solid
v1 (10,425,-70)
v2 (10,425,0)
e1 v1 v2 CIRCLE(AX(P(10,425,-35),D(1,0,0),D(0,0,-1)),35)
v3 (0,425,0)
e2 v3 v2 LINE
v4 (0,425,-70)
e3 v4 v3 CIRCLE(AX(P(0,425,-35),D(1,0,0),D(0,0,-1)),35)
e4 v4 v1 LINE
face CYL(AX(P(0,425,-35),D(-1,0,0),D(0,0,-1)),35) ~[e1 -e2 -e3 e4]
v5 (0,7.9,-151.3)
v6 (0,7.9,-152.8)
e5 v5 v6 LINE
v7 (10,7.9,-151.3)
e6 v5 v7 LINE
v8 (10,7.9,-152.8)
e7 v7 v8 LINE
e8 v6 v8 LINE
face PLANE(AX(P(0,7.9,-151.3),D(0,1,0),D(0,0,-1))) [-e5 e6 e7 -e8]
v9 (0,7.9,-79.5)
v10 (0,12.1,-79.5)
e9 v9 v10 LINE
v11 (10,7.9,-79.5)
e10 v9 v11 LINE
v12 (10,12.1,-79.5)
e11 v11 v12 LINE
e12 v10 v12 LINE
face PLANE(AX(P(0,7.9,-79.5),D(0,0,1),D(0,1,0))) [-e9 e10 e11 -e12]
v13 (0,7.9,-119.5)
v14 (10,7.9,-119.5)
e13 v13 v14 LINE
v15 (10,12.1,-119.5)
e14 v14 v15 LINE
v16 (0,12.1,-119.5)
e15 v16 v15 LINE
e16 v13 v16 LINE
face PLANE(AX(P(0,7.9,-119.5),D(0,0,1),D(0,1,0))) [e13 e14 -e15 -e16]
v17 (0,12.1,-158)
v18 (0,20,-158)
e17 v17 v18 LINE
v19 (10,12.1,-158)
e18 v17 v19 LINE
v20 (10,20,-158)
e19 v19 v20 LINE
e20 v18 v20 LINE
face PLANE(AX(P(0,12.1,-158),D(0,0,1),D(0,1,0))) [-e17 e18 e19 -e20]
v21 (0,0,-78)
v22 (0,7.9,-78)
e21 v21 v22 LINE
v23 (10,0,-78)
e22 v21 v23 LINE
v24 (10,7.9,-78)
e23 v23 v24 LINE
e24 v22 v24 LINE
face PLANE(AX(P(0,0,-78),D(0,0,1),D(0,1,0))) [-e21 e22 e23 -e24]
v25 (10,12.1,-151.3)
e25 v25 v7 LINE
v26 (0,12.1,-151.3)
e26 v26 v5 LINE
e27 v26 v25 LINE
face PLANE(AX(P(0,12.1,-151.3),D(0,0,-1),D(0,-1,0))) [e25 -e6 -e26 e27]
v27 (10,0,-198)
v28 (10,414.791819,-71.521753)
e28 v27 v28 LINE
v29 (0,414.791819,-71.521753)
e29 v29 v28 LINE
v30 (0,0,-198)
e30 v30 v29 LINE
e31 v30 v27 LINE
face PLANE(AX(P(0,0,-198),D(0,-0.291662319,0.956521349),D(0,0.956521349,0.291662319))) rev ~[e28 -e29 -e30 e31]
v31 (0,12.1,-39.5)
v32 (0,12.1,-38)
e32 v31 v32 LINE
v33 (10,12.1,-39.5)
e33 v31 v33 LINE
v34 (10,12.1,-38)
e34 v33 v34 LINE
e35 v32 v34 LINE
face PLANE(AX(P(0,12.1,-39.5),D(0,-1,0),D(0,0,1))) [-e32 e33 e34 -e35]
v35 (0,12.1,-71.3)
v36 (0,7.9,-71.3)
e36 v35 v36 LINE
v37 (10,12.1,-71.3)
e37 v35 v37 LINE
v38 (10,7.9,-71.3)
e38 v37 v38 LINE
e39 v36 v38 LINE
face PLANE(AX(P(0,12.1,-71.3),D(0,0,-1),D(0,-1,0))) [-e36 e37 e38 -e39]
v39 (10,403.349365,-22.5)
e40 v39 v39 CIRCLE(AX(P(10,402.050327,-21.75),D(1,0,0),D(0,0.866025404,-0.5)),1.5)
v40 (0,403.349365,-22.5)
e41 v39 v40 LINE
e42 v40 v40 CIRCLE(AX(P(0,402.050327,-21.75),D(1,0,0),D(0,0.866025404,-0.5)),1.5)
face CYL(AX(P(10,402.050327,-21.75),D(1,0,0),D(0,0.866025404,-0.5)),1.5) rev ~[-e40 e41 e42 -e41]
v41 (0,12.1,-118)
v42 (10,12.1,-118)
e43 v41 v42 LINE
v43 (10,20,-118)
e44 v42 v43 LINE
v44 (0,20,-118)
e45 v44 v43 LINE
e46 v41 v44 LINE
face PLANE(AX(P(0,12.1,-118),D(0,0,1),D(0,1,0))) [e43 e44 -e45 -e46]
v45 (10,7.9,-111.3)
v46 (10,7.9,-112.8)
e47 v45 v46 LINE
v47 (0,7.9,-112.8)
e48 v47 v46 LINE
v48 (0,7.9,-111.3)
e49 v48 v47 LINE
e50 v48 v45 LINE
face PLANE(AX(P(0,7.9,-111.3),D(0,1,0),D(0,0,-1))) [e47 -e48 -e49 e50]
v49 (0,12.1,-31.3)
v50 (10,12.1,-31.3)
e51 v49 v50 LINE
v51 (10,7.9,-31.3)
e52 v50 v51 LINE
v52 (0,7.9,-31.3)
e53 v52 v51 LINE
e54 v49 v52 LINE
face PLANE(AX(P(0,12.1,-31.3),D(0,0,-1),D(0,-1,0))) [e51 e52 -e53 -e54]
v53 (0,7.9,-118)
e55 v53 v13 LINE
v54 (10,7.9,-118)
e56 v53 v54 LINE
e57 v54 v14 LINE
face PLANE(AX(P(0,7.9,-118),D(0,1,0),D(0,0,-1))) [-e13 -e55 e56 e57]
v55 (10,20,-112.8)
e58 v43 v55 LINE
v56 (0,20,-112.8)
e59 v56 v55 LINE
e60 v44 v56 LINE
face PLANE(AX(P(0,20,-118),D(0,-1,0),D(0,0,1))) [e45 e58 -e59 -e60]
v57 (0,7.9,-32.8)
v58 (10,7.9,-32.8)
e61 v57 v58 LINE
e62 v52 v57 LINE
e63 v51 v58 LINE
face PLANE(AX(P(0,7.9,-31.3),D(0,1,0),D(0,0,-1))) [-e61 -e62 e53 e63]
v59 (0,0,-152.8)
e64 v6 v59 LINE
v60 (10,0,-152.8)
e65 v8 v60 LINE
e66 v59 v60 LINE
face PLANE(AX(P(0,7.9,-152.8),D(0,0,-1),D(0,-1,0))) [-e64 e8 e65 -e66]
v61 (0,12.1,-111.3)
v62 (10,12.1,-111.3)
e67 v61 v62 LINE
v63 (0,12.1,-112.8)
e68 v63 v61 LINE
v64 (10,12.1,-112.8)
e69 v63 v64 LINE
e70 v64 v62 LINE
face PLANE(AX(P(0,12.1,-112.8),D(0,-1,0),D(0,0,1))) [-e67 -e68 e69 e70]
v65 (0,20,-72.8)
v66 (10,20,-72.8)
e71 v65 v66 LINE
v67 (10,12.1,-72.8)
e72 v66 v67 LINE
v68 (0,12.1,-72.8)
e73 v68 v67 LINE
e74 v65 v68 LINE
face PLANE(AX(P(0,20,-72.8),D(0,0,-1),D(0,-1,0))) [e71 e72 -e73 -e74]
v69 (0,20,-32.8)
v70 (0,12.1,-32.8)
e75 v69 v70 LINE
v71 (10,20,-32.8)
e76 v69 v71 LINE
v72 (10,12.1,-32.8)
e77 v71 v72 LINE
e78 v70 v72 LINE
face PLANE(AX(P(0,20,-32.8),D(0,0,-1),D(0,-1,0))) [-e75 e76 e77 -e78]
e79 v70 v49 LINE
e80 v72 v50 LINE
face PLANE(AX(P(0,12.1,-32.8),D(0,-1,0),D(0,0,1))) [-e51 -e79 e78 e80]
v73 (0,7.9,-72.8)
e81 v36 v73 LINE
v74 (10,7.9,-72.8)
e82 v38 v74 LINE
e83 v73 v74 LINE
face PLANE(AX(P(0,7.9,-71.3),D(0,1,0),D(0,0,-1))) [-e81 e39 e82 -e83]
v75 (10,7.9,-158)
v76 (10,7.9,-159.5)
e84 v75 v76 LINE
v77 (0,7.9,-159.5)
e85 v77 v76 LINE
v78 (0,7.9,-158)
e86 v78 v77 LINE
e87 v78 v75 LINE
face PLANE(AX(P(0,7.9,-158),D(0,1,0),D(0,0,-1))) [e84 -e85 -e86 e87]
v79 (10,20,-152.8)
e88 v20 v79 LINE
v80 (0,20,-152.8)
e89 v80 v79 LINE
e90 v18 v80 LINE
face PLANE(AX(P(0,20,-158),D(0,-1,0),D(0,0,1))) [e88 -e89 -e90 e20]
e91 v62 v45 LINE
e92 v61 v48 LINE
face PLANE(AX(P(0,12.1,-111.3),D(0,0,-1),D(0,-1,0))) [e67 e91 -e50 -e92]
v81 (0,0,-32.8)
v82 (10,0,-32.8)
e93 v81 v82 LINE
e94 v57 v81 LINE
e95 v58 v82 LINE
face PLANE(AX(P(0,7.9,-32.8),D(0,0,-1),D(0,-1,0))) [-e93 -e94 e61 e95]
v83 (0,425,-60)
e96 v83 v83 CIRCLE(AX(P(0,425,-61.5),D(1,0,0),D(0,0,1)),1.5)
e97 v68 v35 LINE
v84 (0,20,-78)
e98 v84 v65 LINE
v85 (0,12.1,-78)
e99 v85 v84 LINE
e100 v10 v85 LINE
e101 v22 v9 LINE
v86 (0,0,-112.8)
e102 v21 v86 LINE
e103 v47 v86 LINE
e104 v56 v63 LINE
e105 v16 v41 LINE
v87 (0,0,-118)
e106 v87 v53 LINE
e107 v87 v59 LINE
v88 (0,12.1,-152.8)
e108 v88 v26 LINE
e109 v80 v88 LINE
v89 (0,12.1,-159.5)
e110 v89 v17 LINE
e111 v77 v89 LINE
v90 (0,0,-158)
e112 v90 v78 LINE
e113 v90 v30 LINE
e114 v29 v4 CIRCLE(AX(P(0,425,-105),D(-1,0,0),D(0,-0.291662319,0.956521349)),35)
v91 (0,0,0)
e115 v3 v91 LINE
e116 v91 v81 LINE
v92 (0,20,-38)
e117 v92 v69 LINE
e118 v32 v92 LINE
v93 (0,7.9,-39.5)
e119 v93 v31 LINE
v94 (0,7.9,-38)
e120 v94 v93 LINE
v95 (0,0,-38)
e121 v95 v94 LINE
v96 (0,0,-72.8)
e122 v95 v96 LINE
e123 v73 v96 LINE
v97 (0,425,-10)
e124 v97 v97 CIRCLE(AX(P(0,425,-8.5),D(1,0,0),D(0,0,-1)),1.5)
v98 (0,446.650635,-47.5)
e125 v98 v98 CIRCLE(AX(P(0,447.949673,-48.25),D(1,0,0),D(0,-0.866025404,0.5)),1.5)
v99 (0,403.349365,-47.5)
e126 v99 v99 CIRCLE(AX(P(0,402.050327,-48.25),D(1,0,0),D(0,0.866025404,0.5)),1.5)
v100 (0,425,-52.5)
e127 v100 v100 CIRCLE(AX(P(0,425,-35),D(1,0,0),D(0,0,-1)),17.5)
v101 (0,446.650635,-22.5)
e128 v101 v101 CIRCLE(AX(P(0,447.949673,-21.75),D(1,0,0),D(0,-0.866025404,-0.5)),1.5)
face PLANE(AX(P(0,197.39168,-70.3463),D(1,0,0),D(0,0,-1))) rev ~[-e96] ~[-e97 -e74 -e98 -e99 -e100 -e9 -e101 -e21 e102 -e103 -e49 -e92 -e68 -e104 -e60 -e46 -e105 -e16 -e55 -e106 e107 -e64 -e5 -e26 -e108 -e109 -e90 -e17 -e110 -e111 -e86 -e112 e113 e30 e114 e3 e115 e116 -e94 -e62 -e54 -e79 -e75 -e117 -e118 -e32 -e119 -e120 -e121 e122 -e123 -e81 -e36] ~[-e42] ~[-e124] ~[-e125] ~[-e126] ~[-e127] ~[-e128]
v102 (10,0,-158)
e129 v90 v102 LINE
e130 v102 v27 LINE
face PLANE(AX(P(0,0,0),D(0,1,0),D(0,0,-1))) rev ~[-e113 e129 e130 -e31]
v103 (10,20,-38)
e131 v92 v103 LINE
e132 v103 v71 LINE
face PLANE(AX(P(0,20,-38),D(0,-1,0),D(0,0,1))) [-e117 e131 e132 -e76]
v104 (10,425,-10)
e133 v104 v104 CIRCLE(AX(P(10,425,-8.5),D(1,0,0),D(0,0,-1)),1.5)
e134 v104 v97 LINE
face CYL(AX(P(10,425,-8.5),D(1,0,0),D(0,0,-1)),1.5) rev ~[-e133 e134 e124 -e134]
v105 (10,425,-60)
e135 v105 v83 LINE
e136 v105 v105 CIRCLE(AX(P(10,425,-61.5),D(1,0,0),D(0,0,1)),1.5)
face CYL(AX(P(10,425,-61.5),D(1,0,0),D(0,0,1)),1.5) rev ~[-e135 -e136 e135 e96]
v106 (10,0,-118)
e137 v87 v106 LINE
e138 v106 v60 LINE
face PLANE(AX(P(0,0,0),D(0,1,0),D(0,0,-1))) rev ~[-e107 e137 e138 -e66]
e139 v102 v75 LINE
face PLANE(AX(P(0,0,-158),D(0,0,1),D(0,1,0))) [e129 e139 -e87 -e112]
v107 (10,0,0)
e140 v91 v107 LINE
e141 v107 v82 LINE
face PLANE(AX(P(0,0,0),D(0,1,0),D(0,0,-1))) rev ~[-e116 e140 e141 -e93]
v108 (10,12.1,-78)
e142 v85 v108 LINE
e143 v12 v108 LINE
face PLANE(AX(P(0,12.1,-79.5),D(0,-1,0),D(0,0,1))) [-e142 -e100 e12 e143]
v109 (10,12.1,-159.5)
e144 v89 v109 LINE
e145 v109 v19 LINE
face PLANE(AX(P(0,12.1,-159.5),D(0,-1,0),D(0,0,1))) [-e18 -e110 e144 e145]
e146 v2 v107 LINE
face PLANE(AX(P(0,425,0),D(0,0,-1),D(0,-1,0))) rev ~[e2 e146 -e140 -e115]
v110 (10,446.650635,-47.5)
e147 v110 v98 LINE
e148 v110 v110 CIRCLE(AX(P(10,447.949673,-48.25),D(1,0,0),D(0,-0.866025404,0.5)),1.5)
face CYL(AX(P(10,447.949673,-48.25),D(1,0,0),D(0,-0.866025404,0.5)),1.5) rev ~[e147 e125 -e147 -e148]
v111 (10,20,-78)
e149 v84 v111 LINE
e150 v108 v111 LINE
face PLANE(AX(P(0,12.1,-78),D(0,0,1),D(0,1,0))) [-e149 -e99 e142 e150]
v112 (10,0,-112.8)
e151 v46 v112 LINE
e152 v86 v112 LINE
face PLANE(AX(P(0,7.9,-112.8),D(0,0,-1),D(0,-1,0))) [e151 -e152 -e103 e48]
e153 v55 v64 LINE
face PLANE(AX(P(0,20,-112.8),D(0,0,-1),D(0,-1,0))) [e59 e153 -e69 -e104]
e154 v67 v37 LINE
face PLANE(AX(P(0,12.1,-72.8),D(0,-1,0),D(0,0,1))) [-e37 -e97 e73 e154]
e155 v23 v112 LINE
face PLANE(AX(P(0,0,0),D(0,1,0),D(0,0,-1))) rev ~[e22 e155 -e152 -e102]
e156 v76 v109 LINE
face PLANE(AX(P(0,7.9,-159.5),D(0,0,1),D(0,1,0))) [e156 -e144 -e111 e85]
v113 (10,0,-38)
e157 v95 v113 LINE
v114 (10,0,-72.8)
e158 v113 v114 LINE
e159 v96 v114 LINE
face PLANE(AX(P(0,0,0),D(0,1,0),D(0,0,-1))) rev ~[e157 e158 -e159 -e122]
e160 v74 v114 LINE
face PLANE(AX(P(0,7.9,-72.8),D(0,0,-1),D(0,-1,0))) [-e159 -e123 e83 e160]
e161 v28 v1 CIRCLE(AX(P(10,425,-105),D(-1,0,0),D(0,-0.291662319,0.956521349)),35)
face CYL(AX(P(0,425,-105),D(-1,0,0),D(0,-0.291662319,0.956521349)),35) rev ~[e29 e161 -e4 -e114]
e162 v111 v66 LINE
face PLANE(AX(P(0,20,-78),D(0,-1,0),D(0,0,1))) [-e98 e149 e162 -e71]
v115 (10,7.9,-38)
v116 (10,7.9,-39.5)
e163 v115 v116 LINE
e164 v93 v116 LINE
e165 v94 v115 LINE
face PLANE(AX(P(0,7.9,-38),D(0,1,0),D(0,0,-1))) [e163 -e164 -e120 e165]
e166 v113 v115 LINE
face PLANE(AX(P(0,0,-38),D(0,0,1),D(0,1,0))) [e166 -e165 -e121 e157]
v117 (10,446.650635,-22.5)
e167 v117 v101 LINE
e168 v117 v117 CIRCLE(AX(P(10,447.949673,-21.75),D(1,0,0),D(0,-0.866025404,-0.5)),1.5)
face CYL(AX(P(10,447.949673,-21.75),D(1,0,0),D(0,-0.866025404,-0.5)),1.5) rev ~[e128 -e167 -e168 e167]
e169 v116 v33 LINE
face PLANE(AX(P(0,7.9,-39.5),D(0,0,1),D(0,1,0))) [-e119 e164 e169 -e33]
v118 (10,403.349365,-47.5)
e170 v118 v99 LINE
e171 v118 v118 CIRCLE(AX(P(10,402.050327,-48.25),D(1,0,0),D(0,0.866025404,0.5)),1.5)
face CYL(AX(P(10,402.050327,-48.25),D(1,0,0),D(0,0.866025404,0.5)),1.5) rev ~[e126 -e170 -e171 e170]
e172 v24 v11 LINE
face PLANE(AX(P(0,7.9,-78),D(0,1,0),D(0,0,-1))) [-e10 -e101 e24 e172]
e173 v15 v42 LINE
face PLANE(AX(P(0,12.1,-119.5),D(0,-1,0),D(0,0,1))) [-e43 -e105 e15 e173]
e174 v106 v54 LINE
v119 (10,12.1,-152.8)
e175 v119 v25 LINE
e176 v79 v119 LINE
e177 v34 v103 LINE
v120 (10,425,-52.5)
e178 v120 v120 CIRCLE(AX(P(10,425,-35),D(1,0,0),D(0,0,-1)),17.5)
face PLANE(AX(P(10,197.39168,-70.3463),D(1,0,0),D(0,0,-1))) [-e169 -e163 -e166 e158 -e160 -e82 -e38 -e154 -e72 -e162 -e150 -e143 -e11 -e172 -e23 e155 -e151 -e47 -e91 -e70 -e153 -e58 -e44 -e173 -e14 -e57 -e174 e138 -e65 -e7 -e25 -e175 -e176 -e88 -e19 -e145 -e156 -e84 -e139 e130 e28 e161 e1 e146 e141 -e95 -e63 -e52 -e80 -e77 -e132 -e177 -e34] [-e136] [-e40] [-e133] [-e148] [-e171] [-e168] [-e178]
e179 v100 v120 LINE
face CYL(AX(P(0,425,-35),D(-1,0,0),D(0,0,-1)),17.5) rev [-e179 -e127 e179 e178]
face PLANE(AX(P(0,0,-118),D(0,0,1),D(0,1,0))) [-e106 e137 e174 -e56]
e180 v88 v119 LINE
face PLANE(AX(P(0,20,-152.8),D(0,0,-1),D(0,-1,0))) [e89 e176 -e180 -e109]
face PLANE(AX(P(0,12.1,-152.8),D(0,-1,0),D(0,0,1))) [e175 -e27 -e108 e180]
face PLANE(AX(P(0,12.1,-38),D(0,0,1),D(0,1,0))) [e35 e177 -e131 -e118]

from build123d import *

# Parameters (mm, degrees)
SKETCH_2_R               = 17.5
EXTRUDE_1_DEPTH          = 10
CUT_EXTRUDE_2_DEPTH      = 10
PATTERN_LINEAR_1_COUNT   = 4
PATTERN_LINEAR_1_PITCH   = 40
SKETCH_6_R               = 1.5
CUT_EXTRUDE_3_DEPTH      = 10
PATTERN_CIRCULAR_1_COUNT = 6


with BuildPart() as part:
    # Эскиз2 → Бобышка-Вытянуть1 (new body)
    with BuildSketch(Plane(origin=(0, 0, 0), x_dir=(0, 0, -1), z_dir=(1, 0, 0))):
        with BuildLine():
            Line((0, 425), (0, 0))
            Line((0, 0), (198, 0))
            Line((198, 0), (71.521752772, 414.791818842))
            ThreePointArc((71.521752772, 414.791818842), (70.382528595, 419.839508404), (70, 425))
            ThreePointArc((70, 425), (35, 460), (0, 425))
        make_face()
        with Locations((35, 425)):
            Circle(SKETCH_2_R, mode=Mode.SUBTRACT)
    extrude(amount=EXTRUDE_1_DEPTH)

    # Эскиз3 → Вырез-Вытянуть2 (cut)
    with BuildSketch(Plane.ZY):
        Polygon((-158, 0), (-158, 7.9), (-159.5, 7.9), (-159.5, 12.1), (-158, 12.1), (-158, 20), (-152.8, 20), (-152.8, 12.1), (-151.3, 12.1), (-151.3, 7.9), (-152.8, 7.9), (-152.8, 0), align=None)
    cut_extrude_2 = extrude(amount=-CUT_EXTRUDE_2_DEPTH, mode=Mode.SUBTRACT)

    # Линейный массив1: Вырез-Вытянуть2 ×4
    with Locations(*[(0, 0, i * PATTERN_LINEAR_1_PITCH) for i in range(1, PATTERN_LINEAR_1_COUNT)]):
        add(cut_extrude_2, mode=Mode.SUBTRACT)

    # Эскиз6 → Вырез-Вытянуть3 (cut)
    with BuildSketch(Plane(origin=(10, 0, 0), x_dir=(0, 0, -1), z_dir=(1, 0, 0))):
        with Locations((8.5, 425)):
            Circle(SKETCH_6_R)
    cut_extrude_3 = extrude(amount=-CUT_EXTRUDE_3_DEPTH, mode=Mode.SUBTRACT)

    # Круговой массив1: Вырез-Вытянуть3 ×6 about axis
    pattern_circular_1_axis = Axis((0, 425, -35), (1, 0, 0))
    for i in range(1, PATTERN_CIRCULAR_1_COUNT):
        add(cut_extrude_3.rotate(pattern_circular_1_axis, i * 360 / PATTERN_CIRCULAR_1_COUNT), mode=Mode.SUBTRACT)


solid = part.part
